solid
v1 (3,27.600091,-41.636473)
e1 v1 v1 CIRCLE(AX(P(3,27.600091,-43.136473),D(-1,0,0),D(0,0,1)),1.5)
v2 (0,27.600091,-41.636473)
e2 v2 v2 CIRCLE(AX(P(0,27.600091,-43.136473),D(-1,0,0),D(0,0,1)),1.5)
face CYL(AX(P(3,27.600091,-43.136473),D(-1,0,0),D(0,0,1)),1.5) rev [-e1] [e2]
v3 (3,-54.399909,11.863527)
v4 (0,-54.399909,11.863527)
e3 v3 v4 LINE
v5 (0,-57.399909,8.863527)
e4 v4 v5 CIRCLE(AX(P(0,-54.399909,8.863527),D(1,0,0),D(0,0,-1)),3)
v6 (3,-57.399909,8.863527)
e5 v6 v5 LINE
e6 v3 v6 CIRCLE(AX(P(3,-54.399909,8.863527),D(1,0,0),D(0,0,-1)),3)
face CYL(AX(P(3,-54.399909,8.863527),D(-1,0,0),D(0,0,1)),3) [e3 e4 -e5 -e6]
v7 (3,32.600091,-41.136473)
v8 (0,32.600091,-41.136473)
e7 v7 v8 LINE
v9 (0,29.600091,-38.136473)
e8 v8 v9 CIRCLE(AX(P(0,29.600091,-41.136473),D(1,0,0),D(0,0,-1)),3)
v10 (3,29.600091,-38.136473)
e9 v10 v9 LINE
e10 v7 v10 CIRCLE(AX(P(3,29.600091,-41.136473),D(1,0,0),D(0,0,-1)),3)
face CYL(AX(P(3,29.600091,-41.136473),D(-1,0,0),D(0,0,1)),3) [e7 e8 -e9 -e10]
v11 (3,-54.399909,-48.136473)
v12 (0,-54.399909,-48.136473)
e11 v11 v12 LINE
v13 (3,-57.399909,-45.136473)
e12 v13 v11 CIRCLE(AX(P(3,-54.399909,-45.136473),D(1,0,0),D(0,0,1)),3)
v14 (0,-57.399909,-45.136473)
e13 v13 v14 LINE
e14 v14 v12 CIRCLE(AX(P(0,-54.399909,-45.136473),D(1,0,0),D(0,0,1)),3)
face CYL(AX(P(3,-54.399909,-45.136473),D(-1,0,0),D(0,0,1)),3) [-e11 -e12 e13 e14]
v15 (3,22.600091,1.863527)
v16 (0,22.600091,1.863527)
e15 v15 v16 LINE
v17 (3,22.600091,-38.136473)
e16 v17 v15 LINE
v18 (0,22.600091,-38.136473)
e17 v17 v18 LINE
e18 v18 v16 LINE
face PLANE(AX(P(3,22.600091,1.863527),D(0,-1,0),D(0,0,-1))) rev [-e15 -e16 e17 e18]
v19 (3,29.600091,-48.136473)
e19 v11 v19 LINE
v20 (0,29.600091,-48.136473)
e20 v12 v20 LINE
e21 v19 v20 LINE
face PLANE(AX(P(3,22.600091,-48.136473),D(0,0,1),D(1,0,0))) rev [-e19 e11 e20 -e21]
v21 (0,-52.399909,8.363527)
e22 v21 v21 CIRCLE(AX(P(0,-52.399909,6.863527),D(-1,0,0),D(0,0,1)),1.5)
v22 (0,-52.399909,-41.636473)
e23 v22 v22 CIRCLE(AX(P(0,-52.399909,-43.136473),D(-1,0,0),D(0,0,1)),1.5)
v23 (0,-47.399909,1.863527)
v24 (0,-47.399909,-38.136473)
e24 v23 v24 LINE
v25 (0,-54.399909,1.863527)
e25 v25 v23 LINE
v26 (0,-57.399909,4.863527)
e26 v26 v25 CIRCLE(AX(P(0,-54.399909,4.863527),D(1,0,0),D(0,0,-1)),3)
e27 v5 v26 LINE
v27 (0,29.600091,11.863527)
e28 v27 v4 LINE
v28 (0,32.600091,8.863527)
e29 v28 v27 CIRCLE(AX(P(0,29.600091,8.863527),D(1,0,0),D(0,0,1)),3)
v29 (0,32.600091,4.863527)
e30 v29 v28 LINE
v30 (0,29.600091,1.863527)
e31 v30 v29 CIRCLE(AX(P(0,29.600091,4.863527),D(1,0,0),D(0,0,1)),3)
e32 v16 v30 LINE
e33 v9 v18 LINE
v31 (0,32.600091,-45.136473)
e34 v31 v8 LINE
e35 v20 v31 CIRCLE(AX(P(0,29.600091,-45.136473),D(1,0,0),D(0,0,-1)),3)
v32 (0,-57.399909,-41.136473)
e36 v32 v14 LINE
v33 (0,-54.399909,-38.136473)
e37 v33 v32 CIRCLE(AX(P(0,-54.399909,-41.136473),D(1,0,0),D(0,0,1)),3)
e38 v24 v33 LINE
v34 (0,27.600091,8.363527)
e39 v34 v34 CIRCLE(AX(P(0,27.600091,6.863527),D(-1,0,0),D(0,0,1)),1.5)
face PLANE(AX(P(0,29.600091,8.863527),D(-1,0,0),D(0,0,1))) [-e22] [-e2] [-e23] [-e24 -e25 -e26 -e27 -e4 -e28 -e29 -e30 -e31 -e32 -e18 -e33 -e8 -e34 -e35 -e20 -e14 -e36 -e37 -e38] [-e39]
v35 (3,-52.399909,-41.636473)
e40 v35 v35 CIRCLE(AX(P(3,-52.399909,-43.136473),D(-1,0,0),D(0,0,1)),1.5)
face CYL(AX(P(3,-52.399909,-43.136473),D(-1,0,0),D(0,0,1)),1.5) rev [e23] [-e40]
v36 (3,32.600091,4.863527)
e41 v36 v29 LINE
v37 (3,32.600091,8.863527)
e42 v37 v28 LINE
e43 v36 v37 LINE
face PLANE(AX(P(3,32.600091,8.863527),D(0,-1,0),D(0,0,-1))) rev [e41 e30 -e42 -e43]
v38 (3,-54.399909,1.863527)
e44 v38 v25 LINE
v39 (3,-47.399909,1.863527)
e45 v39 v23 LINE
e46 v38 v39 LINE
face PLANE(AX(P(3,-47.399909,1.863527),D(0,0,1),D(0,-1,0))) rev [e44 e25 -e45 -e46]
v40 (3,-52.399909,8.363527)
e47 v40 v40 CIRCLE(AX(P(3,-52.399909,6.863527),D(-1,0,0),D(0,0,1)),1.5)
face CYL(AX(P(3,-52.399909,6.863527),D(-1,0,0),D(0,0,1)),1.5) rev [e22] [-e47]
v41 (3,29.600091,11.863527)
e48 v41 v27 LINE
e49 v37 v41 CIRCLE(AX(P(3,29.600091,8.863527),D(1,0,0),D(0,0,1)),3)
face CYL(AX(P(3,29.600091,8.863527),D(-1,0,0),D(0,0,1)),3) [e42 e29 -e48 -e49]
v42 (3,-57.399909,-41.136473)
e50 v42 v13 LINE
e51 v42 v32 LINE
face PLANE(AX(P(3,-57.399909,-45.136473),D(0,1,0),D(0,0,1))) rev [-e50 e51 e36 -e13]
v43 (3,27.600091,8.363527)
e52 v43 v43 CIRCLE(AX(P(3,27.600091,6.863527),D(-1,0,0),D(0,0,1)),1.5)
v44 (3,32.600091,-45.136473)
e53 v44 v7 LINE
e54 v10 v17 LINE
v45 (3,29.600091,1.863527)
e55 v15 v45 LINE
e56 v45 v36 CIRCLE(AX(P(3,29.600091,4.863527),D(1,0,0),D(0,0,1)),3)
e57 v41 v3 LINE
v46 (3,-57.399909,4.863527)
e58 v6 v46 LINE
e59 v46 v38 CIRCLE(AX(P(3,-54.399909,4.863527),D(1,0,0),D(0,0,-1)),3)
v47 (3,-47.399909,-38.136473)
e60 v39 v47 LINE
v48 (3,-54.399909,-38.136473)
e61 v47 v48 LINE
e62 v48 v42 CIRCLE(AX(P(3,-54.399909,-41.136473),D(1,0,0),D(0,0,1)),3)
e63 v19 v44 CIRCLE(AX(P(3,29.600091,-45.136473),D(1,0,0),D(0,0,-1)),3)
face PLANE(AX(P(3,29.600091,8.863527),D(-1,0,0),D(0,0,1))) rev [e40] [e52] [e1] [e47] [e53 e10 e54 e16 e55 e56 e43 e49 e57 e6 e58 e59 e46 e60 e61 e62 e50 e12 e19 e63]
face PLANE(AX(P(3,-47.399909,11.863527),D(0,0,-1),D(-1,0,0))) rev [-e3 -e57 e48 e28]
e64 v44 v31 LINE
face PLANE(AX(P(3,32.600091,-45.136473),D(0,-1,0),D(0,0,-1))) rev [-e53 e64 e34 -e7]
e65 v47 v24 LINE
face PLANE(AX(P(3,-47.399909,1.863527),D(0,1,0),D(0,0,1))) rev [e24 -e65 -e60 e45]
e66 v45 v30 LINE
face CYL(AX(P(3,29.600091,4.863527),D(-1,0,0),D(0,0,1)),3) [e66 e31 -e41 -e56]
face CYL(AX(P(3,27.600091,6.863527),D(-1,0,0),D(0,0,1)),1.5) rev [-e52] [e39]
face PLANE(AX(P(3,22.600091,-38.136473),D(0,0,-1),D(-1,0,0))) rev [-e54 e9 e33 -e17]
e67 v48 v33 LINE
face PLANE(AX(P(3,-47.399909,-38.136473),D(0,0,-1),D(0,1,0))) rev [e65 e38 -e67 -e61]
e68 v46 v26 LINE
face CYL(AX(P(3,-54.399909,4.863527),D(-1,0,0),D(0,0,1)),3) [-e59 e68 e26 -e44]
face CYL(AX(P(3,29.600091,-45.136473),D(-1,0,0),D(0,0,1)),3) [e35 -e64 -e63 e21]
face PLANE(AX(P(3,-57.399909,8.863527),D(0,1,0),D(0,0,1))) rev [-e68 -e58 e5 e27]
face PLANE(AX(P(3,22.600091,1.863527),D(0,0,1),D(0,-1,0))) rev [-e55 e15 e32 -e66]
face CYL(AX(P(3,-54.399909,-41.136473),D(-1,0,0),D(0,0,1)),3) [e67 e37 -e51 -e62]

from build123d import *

# Parameters (mm, degrees)
PCB_DEPTH       = 3
ESBO_O4_R       = 1.5
FUROS_PCB_DEPTH = 75.972458232


with BuildPart() as part:
    # Esboço3 → PCB (new body)
    with BuildSketch(Plane(origin=(0, 0, 0), x_dir=(0, 0, -1), z_dir=(1, 0, 0))):
        with BuildLine():
            Line((-1.863527408, 22.600091465), (38.136472592, 22.600091465))
            Line((38.136472592, 22.600091465), (38.136472592, 29.600091465))
            ThreePointArc((38.136472592, 29.600091465), (39.015152248, 31.721411809), (41.136472592, 32.600091465))
            Line((41.136472592, 32.600091465), (45.136472592, 32.600091465))
            ThreePointArc((45.136472592, 32.600091465), (47.257792935, 31.721411809), (48.136472592, 29.600091465))
            Line((48.136472592, 29.600091465), (48.136472592, 22.600091465))
            Line((48.136472592, 22.600091465), (48.136472592, -47.399908535))
            Line((48.136472592, -47.399908535), (48.136472592, -54.399908535))
            ThreePointArc((48.136472592, -54.399908535), (47.257792935, -56.521228878), (45.136472592, -57.399908535))
            Line((45.136472592, -57.399908535), (41.136472592, -57.399908535))
            ThreePointArc((41.136472592, -57.399908535), (39.015152248, -56.521228878), (38.136472592, -54.399908535))
            Line((38.136472592, -54.399908535), (38.136472592, -47.399908535))
            Line((38.136472592, -47.399908535), (-1.863527408, -47.399908535))
            Line((-1.863527408, -47.399908535), (-1.863527408, -54.399908535))
            ThreePointArc((-1.863527408, -54.399908535), (-2.742207065, -56.521228878), (-4.863527408, -57.399908535))
            Line((-4.863527408, -57.399908535), (-8.863527408, -57.399908535))
            ThreePointArc((-8.863527408, -57.399908535), (-10.984847752, -56.521228878), (-11.863527408, -54.399908535))
            Line((-11.863527408, -54.399908535), (-11.863527408, -47.399908535))
            Line((-11.863527408, -47.399908535), (-11.863527408, 22.600091465))
            Line((-11.863527408, 22.600091465), (-11.863527408, 29.600091465))
            ThreePointArc((-11.863527408, 29.600091465), (-10.984847752, 31.721411809), (-8.863527408, 32.600091465))
            Line((-8.863527408, 32.600091465), (-4.863527408, 32.600091465))
            ThreePointArc((-4.863527408, 32.600091465), (-2.742207065, 31.721411809), (-1.863527408, 29.600091465))
            Line((-1.863527408, 29.600091465), (-1.863527408, 22.600091465))
        make_face()
    extrude(amount=PCB_DEPTH)

    # Esboço4 → Furos PCB (cut, through all)
    with BuildSketch(Plane.ZY):
        with Locations((-43.136472592, 27.600091465)):
            Circle(ESBO_O4_R)
        with Locations((6.863527408, 27.600091465)):
            Circle(ESBO_O4_R)
        with Locations((6.863527408, -52.399908535)):
            Circle(ESBO_O4_R)
        with Locations((-43.136472592, -52.399908535)):
            Circle(ESBO_O4_R)
    extrude(amount=-FUROS_PCB_DEPTH, mode=Mode.SUBTRACT)


solid = part.part
